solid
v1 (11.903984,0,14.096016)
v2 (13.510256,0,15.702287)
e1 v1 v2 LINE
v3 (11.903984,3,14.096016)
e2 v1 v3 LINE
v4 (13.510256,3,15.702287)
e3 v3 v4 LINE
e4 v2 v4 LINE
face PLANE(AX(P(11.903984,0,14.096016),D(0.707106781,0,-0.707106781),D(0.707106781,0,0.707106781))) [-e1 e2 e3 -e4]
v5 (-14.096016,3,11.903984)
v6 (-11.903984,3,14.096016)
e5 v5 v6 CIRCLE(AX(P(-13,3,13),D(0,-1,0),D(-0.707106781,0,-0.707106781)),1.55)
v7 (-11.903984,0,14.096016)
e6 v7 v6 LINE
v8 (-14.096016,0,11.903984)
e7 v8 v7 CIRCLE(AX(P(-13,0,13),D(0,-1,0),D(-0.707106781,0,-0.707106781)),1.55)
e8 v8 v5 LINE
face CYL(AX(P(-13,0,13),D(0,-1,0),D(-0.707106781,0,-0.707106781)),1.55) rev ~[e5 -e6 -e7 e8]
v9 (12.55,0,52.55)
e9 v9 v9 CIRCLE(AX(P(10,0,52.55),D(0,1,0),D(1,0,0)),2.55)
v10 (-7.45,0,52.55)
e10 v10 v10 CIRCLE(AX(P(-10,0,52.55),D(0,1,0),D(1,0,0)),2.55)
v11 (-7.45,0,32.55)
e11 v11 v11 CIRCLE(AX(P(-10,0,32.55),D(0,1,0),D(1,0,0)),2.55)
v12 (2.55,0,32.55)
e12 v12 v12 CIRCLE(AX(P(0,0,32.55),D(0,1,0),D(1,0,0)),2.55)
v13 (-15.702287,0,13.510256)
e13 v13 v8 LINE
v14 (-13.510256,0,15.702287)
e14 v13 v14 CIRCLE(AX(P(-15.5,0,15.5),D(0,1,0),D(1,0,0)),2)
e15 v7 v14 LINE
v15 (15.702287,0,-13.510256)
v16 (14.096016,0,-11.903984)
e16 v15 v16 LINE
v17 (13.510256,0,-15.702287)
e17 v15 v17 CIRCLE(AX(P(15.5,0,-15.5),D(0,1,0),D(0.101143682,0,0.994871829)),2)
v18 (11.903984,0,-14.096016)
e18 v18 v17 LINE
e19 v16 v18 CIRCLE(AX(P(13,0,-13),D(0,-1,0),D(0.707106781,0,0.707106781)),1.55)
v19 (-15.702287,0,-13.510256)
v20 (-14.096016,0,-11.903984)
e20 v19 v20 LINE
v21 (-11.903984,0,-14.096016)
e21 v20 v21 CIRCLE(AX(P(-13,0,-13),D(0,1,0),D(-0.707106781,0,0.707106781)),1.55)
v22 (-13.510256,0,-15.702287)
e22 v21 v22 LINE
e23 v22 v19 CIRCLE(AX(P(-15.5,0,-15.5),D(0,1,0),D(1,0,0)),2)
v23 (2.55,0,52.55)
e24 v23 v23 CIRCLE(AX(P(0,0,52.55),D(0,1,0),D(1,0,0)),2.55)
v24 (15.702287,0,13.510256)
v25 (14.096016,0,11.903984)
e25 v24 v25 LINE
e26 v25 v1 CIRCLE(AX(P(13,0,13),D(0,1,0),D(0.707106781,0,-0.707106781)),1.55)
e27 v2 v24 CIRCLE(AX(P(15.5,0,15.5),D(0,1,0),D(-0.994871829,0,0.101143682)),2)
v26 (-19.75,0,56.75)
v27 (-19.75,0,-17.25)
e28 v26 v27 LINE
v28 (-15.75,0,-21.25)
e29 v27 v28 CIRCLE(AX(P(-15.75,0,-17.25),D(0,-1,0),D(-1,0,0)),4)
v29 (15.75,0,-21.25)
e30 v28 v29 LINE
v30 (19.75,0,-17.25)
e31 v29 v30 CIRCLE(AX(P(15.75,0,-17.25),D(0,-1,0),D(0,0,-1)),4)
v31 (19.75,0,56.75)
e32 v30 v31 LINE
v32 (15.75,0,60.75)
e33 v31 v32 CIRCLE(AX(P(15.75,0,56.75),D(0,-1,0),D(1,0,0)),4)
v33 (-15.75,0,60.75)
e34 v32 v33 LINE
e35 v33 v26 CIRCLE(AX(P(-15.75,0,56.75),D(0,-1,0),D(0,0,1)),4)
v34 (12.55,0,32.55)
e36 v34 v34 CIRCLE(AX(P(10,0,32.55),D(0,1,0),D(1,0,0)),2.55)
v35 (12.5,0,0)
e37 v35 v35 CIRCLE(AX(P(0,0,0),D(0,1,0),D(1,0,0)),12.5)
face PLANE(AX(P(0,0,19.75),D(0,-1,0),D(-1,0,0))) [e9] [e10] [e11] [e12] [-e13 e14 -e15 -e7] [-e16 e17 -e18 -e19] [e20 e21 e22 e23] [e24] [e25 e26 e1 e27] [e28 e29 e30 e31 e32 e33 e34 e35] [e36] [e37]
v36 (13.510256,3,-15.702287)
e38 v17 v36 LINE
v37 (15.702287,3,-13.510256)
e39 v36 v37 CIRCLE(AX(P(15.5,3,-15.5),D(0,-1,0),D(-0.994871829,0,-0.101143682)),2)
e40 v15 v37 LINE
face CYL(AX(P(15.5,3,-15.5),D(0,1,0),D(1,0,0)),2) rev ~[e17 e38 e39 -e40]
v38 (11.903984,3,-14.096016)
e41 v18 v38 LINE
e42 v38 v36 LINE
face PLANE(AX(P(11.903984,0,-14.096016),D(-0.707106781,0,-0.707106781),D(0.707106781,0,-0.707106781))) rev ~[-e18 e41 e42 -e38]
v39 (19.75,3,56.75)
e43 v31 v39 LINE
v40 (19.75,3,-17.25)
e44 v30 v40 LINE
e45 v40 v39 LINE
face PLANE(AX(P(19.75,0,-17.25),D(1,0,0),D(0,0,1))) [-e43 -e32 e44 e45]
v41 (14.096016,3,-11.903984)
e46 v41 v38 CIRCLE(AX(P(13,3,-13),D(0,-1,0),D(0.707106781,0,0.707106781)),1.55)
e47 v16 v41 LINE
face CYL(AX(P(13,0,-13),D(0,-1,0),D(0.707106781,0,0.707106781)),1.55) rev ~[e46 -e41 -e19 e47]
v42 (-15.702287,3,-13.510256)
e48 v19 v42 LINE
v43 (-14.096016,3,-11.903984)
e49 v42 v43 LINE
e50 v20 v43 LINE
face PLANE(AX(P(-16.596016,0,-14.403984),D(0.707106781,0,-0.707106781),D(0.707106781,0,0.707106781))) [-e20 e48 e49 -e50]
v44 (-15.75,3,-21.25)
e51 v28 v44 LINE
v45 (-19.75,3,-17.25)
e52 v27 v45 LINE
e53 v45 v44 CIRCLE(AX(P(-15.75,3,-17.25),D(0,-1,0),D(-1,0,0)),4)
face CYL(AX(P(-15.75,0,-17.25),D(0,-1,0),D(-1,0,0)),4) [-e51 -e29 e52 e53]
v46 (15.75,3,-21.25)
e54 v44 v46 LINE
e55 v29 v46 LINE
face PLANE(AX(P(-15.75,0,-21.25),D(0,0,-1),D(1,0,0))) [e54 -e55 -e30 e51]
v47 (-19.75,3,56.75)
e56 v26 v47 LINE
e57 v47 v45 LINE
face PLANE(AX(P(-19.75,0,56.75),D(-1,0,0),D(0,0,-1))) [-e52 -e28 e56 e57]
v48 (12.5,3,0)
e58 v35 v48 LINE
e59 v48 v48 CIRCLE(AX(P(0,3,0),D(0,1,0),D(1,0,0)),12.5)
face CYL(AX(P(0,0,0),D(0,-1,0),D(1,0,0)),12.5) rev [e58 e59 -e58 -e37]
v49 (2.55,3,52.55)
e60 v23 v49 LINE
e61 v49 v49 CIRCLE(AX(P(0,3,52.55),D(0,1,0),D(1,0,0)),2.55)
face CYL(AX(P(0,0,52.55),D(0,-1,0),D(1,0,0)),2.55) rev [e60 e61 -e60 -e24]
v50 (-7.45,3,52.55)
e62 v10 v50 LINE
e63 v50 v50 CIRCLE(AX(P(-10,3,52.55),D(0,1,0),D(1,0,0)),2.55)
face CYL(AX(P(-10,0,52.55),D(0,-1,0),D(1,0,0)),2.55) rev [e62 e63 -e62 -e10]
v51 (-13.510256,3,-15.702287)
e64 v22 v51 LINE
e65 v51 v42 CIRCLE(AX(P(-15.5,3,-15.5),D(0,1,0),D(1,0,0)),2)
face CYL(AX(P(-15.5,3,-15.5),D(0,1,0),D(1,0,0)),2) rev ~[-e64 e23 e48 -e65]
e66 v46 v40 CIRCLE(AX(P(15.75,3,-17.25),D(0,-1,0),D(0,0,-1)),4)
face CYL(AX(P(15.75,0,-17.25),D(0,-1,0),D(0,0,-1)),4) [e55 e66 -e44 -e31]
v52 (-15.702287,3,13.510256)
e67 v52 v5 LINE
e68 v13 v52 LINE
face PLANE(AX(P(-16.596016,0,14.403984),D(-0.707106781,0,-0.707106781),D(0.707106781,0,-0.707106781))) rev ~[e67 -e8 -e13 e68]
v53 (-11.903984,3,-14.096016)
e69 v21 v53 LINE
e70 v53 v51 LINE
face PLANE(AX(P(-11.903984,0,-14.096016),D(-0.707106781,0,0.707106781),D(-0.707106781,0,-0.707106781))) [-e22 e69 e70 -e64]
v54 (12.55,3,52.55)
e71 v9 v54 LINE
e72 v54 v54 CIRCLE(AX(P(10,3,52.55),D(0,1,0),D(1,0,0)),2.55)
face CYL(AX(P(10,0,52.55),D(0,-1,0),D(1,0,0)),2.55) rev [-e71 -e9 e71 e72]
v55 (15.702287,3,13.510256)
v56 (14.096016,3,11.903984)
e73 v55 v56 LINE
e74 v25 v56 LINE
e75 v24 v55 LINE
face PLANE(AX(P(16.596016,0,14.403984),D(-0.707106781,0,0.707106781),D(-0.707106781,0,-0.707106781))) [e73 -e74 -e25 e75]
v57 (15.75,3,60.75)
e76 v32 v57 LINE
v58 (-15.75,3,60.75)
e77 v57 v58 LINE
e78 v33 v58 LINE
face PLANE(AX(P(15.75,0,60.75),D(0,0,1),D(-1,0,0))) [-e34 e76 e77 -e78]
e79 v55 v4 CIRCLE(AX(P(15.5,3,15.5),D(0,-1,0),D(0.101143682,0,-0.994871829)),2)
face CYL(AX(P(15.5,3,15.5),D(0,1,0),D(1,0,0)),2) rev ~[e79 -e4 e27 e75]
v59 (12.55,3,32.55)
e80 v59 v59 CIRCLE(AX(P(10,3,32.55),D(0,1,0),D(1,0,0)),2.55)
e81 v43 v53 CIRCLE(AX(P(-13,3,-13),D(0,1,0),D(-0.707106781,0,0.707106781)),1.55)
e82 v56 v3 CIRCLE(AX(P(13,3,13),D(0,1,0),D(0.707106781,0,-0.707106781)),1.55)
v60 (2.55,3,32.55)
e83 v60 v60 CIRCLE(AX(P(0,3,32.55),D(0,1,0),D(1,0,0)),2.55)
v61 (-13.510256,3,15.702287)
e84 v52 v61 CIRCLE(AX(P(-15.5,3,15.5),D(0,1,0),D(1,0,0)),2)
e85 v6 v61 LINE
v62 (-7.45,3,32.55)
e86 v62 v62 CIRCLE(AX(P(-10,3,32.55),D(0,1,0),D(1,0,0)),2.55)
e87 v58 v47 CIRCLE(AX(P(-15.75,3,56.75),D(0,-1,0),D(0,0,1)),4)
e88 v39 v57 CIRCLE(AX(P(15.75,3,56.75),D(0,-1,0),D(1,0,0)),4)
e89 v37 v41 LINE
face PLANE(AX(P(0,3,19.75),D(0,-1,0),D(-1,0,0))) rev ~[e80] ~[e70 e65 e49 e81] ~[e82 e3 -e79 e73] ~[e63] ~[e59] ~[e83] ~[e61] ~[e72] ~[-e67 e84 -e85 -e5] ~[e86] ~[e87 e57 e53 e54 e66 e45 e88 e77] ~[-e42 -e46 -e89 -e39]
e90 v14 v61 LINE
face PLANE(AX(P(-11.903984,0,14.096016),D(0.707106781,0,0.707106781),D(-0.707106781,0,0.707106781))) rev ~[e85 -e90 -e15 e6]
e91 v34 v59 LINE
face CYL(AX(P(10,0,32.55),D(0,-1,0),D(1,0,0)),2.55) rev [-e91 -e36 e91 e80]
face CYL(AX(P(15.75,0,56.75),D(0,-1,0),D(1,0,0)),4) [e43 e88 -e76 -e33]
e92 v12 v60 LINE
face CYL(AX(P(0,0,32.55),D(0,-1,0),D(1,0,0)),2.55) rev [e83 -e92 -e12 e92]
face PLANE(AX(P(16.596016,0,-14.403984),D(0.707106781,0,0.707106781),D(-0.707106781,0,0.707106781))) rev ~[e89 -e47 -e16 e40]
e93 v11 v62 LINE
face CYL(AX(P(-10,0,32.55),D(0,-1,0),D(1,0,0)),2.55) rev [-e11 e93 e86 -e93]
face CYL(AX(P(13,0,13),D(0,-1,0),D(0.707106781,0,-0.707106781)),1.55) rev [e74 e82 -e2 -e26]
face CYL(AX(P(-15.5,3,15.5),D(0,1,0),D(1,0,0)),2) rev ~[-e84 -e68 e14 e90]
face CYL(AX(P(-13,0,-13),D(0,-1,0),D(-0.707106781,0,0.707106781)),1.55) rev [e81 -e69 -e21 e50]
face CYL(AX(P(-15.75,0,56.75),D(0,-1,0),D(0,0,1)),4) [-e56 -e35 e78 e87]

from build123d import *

# Parameters (mm, degrees)
SKETCH1_R           = 12.5
SKETCH1_R_2         = 2.55
BOSS_EXTRUDE1_DEPTH = 3
SKETCH2_R           = 2
CUT_EXTRUDE1_DEPTH  = 10


with BuildPart() as part:
    # Sketch1 → Boss-Extrude1 (new body)
    with BuildSketch(Plane(origin=(0, 0, 0), x_dir=(1, 0, 0), z_dir=(0, 1, 0))):
        with BuildLine():
            Line((15.75, -60.75), (-15.75, -60.75))
            ThreePointArc((-15.75, -60.75), (-18.578427125, -59.578427125), (-19.75, -56.75))
            Line((-19.75, -56.75), (-19.75, 17.25))
            ThreePointArc((-19.75, 17.25), (-18.578427125, 20.078427125), (-15.75, 21.25))
            Line((-15.75, 21.25), (15.75, 21.25))
            ThreePointArc((15.75, 21.25), (18.578427125, 20.078427125), (19.75, 17.25))
            Line((19.75, 17.25), (19.75, -56.75))
            ThreePointArc((19.75, -56.75), (18.578427125, -59.578427125), (15.75, -60.75))
        make_face()
        Circle(SKETCH1_R, mode=Mode.SUBTRACT)
        with Locations((10, -52.55)):
            Circle(SKETCH1_R_2, mode=Mode.SUBTRACT)
        with Locations((10, -32.55)):
            Circle(SKETCH1_R_2, mode=Mode.SUBTRACT)
        with Locations((0, -52.55)):
            Circle(SKETCH1_R_2, mode=Mode.SUBTRACT)
        with Locations((0, -32.55)):
            Circle(SKETCH1_R_2, mode=Mode.SUBTRACT)
        with Locations((-10, -52.55)):
            Circle(SKETCH1_R_2, mode=Mode.SUBTRACT)
        with Locations((-10, -32.55)):
            Circle(SKETCH1_R_2, mode=Mode.SUBTRACT)
        with BuildLine():
            Line((11.903984489, 14.096015511), (14.403984489, 16.596015511))
            ThreePointArc((14.403984489, 16.596015511), (16.596015511, 16.596015511), (16.596015511, 14.403984489))
            Line((16.596015511, 14.403984489), (14.096015511, 11.903984489))
            ThreePointArc((14.096015511, 11.903984489), (11.903984489, 11.903984489), (11.903984489, 14.096015511))
        make_face(mode=Mode.SUBTRACT)
        with BuildLine():
            Line((-11.903984489, 14.096015511), (-14.403984489, 16.596015511))
            ThreePointArc((-14.403984489, 16.596015511), (-16.596015511, 16.596015511), (-16.596015511, 14.403984489))
            Line((-16.596015511, 14.403984489), (-14.096015511, 11.903984489))
            ThreePointArc((-14.096015511, 11.903984489), (-11.903984489, 11.903984489), (-11.903984489, 14.096015511))
        make_face(mode=Mode.SUBTRACT)
        with BuildLine():
            Line((-11.903984489, -14.096015511), (-14.403984489, -16.596015511))
            ThreePointArc((-14.403984489, -16.596015511), (-16.596015511, -16.596015511), (-16.596015511, -14.403984489))
            Line((-16.596015511, -14.403984489), (-14.096015511, -11.903984489))
            ThreePointArc((-14.096015511, -11.903984489), (-11.903984489, -11.903984489), (-11.903984489, -14.096015511))
        make_face(mode=Mode.SUBTRACT)
        with BuildLine():
            Line((11.903984489, -14.096015511), (14.403984489, -16.596015511))
            ThreePointArc((14.403984489, -16.596015511), (16.596015511, -16.596015511), (16.596015511, -14.403984489))
            Line((16.596015511, -14.403984489), (14.096015511, -11.903984489))
            ThreePointArc((14.096015511, -11.903984489), (11.903984489, -11.903984489), (11.903984489, -14.096015511))
        make_face(mode=Mode.SUBTRACT)
    extrude(amount=BOSS_EXTRUDE1_DEPTH)

    # Sketch2 → Cut-Extrude1 (cut)
    with BuildSketch(Plane(origin=(0, 3, 0), x_dir=(1, 0, 0), z_dir=(0, 1, 0))):
        with Locations((-15.5, 15.5)):
            Circle(SKETCH2_R)
        with Locations((15.5, 15.5)):
            Circle(SKETCH2_R)
        with Locations((-15.5, -15.5)):
            Circle(SKETCH2_R)
        with Locations((15.5, -15.5)):
            Circle(SKETCH2_R)
    extrude(amount=-CUT_EXTRUDE1_DEPTH, mode=Mode.SUBTRACT)


solid = part.part
